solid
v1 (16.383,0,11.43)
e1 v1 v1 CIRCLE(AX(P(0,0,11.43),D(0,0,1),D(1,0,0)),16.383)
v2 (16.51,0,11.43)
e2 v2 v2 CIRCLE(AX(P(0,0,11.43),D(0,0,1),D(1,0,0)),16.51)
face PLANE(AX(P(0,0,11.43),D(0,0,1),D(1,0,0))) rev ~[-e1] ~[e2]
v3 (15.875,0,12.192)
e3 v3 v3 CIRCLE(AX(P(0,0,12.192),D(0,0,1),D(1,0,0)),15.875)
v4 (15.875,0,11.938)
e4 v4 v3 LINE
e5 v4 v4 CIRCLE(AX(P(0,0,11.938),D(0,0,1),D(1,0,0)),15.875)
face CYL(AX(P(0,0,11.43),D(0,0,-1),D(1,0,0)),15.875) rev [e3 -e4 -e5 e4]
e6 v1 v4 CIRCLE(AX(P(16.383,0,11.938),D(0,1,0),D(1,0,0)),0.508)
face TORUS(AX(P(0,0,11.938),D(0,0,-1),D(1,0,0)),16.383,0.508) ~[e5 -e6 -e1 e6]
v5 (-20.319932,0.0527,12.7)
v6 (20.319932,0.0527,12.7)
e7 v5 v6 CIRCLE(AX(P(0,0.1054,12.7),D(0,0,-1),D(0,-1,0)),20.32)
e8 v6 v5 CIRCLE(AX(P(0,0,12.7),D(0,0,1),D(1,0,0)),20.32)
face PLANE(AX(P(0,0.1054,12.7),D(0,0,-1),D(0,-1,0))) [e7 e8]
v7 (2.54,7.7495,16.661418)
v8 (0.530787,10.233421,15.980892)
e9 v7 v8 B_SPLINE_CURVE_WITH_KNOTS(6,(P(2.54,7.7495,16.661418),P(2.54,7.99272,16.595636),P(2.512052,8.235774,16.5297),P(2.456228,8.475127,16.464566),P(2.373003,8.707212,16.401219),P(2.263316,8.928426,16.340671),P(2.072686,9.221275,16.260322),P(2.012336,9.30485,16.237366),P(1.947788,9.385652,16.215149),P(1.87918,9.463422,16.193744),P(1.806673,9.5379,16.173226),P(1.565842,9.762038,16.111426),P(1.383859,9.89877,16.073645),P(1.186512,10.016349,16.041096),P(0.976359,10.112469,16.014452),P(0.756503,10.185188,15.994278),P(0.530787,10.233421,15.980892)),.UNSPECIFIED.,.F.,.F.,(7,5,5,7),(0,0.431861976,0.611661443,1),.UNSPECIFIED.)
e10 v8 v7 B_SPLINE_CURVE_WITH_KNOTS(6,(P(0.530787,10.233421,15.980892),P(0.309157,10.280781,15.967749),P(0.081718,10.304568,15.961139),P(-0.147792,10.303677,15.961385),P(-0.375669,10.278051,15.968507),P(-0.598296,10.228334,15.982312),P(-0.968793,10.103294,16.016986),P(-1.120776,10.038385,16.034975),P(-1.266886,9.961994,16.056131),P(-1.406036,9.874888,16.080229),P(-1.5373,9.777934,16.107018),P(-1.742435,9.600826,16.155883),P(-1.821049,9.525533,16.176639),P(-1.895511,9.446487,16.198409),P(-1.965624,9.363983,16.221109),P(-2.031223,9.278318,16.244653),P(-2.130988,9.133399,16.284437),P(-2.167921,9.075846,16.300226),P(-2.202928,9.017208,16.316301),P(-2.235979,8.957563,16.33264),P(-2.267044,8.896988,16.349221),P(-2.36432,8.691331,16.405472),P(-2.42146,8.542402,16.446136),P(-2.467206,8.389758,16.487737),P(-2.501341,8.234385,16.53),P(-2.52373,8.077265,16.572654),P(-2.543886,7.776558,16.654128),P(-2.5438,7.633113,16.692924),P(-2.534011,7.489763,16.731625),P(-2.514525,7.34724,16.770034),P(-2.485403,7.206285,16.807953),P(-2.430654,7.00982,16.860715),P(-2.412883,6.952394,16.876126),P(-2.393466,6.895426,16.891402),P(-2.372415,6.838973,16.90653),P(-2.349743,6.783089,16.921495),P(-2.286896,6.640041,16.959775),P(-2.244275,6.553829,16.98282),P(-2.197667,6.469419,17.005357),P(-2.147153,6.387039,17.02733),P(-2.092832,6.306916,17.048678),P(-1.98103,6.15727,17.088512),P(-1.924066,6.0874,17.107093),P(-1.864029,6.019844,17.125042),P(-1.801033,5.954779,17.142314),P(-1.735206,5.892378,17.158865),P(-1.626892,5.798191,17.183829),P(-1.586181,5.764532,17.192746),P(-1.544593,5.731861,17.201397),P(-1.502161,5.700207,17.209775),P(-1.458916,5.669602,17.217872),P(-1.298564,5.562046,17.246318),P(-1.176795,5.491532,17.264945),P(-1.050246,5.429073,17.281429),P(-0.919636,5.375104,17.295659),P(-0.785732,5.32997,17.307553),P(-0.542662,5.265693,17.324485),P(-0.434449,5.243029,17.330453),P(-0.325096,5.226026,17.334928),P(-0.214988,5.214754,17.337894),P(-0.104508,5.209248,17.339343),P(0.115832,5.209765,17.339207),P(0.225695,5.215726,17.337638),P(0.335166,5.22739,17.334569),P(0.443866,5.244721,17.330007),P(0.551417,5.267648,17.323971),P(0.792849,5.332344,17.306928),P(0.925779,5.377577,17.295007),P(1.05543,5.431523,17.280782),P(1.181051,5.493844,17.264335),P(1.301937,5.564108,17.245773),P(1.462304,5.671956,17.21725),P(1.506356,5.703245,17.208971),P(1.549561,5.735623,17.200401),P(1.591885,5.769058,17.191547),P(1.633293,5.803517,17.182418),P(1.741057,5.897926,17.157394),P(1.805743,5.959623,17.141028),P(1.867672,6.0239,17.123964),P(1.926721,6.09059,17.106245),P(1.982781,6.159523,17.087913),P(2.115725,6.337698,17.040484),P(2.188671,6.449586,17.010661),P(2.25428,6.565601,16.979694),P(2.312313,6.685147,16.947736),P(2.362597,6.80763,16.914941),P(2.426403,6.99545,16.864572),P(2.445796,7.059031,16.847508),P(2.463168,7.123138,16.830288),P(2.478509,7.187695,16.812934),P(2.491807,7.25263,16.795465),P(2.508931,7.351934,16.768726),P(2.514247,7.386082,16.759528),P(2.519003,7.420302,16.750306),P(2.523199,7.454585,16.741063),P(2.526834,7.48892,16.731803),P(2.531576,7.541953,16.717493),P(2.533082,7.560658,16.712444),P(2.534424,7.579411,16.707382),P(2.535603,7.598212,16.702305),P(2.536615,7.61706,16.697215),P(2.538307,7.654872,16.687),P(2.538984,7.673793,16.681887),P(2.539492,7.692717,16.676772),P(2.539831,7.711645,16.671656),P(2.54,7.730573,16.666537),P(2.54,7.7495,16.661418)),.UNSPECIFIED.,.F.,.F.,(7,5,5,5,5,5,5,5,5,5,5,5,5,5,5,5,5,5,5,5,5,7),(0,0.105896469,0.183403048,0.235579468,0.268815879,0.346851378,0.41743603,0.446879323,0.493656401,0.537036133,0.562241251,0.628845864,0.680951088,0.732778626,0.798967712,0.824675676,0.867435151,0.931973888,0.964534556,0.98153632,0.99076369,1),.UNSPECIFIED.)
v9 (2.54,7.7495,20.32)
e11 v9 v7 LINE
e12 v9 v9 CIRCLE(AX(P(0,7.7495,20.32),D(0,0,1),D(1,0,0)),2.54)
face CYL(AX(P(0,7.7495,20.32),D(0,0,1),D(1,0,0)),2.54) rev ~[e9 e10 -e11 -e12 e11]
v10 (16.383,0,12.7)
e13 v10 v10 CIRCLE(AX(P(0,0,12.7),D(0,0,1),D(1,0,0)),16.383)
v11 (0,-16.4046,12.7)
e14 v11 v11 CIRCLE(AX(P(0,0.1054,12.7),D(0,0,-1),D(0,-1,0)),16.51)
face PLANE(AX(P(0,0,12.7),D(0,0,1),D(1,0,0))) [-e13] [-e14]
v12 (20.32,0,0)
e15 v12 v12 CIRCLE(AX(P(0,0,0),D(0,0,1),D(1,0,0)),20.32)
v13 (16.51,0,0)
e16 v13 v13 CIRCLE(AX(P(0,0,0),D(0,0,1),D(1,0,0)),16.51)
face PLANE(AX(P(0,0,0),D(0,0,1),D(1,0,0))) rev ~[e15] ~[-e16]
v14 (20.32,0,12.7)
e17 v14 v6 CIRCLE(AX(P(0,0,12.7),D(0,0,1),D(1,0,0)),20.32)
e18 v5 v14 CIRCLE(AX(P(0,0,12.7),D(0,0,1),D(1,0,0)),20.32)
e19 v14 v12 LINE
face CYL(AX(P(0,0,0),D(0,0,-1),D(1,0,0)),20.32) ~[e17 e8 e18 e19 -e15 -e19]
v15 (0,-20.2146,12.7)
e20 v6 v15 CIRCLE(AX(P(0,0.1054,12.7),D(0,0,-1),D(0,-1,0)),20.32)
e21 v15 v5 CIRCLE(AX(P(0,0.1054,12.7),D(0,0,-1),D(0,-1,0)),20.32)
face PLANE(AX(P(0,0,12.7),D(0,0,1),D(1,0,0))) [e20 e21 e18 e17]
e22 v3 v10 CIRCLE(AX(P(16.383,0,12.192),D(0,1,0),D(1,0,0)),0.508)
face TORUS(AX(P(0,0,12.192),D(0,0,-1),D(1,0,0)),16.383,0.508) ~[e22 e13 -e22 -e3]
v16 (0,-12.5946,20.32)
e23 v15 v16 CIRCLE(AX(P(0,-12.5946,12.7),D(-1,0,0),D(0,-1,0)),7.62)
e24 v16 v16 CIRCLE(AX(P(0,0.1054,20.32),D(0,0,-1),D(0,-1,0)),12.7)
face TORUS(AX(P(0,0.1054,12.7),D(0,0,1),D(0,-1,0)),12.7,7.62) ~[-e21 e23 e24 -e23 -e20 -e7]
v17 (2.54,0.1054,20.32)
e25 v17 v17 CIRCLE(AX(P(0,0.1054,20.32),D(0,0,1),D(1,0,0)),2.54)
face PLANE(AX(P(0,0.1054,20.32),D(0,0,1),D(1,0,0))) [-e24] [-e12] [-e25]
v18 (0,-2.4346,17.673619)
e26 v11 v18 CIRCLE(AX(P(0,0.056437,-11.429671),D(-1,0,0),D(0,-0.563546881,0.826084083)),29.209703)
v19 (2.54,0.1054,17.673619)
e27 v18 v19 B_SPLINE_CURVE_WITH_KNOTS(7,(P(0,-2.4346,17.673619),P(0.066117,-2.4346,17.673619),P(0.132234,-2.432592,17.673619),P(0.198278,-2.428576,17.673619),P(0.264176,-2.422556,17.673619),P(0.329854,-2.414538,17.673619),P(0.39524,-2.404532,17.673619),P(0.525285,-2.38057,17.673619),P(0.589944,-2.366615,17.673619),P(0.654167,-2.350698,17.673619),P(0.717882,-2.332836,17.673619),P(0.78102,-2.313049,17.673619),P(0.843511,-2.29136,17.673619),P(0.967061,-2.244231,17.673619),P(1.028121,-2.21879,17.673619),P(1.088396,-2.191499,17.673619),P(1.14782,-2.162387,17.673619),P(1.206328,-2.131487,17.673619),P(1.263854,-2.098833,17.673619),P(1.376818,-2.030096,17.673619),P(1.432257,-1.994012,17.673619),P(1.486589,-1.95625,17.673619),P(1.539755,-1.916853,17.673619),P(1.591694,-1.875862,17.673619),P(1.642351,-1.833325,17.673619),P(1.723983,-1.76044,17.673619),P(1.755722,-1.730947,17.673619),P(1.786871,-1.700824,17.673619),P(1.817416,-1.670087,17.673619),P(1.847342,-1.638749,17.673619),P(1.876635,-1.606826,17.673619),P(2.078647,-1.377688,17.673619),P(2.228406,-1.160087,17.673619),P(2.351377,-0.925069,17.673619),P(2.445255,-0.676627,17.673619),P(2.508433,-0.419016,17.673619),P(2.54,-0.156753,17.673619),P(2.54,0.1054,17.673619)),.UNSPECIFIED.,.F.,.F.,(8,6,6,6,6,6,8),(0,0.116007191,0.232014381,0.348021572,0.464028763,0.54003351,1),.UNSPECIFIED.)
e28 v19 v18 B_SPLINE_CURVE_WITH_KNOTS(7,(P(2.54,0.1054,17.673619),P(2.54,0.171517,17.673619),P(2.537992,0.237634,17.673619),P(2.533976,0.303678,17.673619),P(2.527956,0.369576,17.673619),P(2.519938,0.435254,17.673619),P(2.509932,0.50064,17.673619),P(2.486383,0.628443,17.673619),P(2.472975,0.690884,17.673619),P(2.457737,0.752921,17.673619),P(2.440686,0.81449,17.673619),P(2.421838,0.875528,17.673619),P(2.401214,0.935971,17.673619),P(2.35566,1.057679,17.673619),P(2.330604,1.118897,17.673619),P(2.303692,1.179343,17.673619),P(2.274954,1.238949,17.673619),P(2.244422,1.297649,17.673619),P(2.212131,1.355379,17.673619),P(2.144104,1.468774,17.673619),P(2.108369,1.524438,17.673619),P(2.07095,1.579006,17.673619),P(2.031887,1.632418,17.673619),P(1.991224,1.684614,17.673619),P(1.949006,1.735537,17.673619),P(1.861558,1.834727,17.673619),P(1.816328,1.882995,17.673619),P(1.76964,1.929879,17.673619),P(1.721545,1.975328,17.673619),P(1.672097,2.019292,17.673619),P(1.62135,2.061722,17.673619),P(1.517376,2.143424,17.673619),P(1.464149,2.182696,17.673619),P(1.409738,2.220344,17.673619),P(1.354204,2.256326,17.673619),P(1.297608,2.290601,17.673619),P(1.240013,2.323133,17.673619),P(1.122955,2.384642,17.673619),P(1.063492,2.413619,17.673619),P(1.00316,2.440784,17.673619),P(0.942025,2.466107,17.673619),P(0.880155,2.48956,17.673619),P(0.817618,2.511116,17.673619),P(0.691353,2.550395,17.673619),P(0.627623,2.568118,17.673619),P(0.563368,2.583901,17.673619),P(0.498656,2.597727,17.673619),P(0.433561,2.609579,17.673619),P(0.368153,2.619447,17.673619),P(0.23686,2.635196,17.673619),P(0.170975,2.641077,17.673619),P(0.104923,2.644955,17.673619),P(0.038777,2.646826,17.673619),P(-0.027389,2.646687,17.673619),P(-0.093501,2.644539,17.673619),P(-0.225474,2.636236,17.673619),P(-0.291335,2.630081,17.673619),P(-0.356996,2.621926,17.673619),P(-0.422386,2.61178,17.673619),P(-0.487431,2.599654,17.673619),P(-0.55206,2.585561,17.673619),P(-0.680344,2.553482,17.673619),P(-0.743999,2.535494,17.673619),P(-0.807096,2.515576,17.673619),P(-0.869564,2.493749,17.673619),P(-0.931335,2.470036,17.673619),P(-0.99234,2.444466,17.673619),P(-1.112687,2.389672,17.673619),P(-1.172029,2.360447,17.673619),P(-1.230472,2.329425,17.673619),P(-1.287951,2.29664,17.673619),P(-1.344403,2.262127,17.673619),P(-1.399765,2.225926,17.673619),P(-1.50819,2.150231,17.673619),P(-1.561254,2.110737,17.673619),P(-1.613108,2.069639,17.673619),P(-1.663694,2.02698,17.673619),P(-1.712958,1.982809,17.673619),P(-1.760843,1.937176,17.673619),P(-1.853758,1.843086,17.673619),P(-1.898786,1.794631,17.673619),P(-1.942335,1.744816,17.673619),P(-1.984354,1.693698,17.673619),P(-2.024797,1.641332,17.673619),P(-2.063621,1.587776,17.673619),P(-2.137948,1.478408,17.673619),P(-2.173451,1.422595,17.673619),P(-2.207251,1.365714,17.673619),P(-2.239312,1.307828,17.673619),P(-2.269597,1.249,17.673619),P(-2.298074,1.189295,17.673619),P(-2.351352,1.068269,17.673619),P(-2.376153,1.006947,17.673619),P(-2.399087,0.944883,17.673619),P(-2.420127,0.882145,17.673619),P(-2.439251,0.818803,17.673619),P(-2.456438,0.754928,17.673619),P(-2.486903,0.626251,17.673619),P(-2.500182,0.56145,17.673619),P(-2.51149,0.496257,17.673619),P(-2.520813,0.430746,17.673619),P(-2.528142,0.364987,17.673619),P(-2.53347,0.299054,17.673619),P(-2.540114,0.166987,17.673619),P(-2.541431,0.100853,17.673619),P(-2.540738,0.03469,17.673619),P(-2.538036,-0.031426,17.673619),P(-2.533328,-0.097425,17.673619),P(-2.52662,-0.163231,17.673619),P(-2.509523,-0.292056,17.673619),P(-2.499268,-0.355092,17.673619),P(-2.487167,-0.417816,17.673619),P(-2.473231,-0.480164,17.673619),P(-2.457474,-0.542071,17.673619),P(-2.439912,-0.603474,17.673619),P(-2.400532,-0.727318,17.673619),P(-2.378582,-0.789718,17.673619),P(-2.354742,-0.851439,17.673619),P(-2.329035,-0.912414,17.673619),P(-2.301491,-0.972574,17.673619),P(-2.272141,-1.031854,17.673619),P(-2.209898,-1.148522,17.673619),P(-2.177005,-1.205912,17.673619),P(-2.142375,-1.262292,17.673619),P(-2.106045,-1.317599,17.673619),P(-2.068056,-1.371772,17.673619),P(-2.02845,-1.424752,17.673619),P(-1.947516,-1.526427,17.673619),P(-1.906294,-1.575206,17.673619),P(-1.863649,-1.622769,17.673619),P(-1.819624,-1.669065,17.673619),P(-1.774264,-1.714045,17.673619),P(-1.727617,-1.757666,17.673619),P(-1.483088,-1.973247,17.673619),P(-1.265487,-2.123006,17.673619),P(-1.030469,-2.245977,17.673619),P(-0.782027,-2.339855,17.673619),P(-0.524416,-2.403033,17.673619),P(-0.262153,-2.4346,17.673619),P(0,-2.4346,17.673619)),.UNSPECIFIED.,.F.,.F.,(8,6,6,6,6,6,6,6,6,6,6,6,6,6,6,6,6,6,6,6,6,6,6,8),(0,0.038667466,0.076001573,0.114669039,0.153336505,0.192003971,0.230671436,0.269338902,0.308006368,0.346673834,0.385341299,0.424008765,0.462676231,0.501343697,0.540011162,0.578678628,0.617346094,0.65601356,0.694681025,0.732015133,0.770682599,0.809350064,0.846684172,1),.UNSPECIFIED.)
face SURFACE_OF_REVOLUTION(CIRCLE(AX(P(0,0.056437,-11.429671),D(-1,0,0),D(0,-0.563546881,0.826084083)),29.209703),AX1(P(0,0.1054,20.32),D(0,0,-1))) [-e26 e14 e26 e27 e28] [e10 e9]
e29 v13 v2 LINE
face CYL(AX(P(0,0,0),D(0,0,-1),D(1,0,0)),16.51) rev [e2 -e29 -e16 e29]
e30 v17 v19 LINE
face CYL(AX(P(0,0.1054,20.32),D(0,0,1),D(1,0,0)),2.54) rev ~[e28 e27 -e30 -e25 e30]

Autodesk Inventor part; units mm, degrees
ref_plane "YZ Plane" through (0, 0, 0) normal (1, 0, 0) x (0, 1, 0)
sketch "Sketch1" plane through (0, 0, 0) normal (0, 0, 1) x (1, 0, 0)
  circle A0 centre (0, 0) radius 16.51
  circle A1 centre (0, 0) radius 20.32
  dimension "d0" = 40.64
  dimension "d2" = 33.02
extrude "Extrusion1" add sketch "Sketch1" along normal blind 11.43
sketch "Sketch2" plane through (0, 0, 11.43) normal (0, 0, 1) x (1, 0, 0)
  circle A0 centre (0, 0) radius 20.32 projected
  circle A1 centre (0, 0) radius 15.875
  dimension "d5" = 31.75
extrude "Extrusion2" add sketch "Sketch2" along normal blind 1.27
fillet "Fillet1" radius 0.508 1 edges at (-15.875, 0, 11.43)
fillet "Fillet2" radius 0.508 1 edges at (-15.875, 0, 12.7)
ref_plane "Work Plane1" through (0, 0, 6.35) normal (0, 0, 1) x (1, 0, 0)
sketch "Sketch3" plane through (0, 0, 6.35) normal (0, 0, 1) x (1, 0, 0)
  line L0 (-20.32, 19.1494) -> (-20.32, -22.3588)
  circle A0 centre (0, 0) radius 20.32 projected
  dimension "d11" = 20.32
sketch "Sketch4" plane through (0, 0, 12.7) normal (0, 0, 1) x (1, 0, 0)
  circle A0 centre (0, 0) radius 20.32 projected
  circle A1 centre (0, 0) radius 16.383 projected
ref_plane "Work Plane3" through (-20.32, 19.1494, 6.35) normal (-1, 0, 0) x (0, -1, 0)
ref_plane "Work Plane2" through (0, 0, 12.7) normal (0, 0, 1) x (1, 0, 0)
ref_plane "Work Plane4" through (0, 19.1494, 6.35) normal (-1, 0, 0) x (0, -1, 0)
sketch "Sketch6" plane through (0, 19.1494, 6.35) normal (-1, 0, 0) x (0, -1, 0)
  line L0 (39.364, 6.35) -> (35.554, 6.35)
  arc A0 (35.554, 6.35) -> (20.314, 11.4045) centre (19.0928, -17.78) ccw
  line L1 (39.364, 6.35) -> (39.364, 6.35)
  line L2 (31.744, 13.97) -> (20.314, 13.97)
  line L3 (20.314, 13.97) -> (20.314, 11.4045)
  arc A1 (39.364, 6.35) -> (31.744, 13.97) centre (31.744, 6.35) ccw
  line L4 (39.4694, 6.35) -> (-1.1706, 6.35) projected
  line L5 (19.044, 13.97) -> (19.044, 8.477)
  point P0 (19.1494, -6.35)
  point P1 (19.044, 5.9584)
  point P2 (19.044, 27.5056)
  point P3 (19.044, 11.43)
  point P4 (39.364, 13.97)
  dimension "d24" = 3.81
  dimension "d25" = 20.32
  dimension "d26" = 5.08
  dimension "d27" = 29.21
  dimension "d28" = 7.62
  dimension "d29" = 7.62
  dimension "d30" = 0
revolve "Revolution1" add sketch "Sketch6" angle 360 about axis through (0, 0.1054, 20.32) along (0, 0, -1)
sketch "Sketch7" plane through (0, 0.1054, 20.32) normal (0, 0, 1) x (1, 0, 0)
  circle A0 centre (0, 0) radius 1.27 projected
  point P0 (0, -0.1054)
extrude "Extrusion3" add sketch "Sketch7" against normal blind 2.5654
sketch "Sketch8" plane through (0, 0.1054, 20.32) normal (0, 0, 1) x (1, 0, 0)
  circle A0 centre (0, 0) radius 12.7 projected
  circle A1 centre (0, 0) radius 2.54
  circle A2 centre (0, 7.6441) radius 2.54
  point P0 (0, -0.1054)
  dimension "d34" = 5.08
  dimension "d36" = 5.08
extrude "Extrusion4" cut sketch "Sketch8" against normal blind 25.4 contours A1 | A2
properties part number "Motor End Cap" material "PVC-Piping"
